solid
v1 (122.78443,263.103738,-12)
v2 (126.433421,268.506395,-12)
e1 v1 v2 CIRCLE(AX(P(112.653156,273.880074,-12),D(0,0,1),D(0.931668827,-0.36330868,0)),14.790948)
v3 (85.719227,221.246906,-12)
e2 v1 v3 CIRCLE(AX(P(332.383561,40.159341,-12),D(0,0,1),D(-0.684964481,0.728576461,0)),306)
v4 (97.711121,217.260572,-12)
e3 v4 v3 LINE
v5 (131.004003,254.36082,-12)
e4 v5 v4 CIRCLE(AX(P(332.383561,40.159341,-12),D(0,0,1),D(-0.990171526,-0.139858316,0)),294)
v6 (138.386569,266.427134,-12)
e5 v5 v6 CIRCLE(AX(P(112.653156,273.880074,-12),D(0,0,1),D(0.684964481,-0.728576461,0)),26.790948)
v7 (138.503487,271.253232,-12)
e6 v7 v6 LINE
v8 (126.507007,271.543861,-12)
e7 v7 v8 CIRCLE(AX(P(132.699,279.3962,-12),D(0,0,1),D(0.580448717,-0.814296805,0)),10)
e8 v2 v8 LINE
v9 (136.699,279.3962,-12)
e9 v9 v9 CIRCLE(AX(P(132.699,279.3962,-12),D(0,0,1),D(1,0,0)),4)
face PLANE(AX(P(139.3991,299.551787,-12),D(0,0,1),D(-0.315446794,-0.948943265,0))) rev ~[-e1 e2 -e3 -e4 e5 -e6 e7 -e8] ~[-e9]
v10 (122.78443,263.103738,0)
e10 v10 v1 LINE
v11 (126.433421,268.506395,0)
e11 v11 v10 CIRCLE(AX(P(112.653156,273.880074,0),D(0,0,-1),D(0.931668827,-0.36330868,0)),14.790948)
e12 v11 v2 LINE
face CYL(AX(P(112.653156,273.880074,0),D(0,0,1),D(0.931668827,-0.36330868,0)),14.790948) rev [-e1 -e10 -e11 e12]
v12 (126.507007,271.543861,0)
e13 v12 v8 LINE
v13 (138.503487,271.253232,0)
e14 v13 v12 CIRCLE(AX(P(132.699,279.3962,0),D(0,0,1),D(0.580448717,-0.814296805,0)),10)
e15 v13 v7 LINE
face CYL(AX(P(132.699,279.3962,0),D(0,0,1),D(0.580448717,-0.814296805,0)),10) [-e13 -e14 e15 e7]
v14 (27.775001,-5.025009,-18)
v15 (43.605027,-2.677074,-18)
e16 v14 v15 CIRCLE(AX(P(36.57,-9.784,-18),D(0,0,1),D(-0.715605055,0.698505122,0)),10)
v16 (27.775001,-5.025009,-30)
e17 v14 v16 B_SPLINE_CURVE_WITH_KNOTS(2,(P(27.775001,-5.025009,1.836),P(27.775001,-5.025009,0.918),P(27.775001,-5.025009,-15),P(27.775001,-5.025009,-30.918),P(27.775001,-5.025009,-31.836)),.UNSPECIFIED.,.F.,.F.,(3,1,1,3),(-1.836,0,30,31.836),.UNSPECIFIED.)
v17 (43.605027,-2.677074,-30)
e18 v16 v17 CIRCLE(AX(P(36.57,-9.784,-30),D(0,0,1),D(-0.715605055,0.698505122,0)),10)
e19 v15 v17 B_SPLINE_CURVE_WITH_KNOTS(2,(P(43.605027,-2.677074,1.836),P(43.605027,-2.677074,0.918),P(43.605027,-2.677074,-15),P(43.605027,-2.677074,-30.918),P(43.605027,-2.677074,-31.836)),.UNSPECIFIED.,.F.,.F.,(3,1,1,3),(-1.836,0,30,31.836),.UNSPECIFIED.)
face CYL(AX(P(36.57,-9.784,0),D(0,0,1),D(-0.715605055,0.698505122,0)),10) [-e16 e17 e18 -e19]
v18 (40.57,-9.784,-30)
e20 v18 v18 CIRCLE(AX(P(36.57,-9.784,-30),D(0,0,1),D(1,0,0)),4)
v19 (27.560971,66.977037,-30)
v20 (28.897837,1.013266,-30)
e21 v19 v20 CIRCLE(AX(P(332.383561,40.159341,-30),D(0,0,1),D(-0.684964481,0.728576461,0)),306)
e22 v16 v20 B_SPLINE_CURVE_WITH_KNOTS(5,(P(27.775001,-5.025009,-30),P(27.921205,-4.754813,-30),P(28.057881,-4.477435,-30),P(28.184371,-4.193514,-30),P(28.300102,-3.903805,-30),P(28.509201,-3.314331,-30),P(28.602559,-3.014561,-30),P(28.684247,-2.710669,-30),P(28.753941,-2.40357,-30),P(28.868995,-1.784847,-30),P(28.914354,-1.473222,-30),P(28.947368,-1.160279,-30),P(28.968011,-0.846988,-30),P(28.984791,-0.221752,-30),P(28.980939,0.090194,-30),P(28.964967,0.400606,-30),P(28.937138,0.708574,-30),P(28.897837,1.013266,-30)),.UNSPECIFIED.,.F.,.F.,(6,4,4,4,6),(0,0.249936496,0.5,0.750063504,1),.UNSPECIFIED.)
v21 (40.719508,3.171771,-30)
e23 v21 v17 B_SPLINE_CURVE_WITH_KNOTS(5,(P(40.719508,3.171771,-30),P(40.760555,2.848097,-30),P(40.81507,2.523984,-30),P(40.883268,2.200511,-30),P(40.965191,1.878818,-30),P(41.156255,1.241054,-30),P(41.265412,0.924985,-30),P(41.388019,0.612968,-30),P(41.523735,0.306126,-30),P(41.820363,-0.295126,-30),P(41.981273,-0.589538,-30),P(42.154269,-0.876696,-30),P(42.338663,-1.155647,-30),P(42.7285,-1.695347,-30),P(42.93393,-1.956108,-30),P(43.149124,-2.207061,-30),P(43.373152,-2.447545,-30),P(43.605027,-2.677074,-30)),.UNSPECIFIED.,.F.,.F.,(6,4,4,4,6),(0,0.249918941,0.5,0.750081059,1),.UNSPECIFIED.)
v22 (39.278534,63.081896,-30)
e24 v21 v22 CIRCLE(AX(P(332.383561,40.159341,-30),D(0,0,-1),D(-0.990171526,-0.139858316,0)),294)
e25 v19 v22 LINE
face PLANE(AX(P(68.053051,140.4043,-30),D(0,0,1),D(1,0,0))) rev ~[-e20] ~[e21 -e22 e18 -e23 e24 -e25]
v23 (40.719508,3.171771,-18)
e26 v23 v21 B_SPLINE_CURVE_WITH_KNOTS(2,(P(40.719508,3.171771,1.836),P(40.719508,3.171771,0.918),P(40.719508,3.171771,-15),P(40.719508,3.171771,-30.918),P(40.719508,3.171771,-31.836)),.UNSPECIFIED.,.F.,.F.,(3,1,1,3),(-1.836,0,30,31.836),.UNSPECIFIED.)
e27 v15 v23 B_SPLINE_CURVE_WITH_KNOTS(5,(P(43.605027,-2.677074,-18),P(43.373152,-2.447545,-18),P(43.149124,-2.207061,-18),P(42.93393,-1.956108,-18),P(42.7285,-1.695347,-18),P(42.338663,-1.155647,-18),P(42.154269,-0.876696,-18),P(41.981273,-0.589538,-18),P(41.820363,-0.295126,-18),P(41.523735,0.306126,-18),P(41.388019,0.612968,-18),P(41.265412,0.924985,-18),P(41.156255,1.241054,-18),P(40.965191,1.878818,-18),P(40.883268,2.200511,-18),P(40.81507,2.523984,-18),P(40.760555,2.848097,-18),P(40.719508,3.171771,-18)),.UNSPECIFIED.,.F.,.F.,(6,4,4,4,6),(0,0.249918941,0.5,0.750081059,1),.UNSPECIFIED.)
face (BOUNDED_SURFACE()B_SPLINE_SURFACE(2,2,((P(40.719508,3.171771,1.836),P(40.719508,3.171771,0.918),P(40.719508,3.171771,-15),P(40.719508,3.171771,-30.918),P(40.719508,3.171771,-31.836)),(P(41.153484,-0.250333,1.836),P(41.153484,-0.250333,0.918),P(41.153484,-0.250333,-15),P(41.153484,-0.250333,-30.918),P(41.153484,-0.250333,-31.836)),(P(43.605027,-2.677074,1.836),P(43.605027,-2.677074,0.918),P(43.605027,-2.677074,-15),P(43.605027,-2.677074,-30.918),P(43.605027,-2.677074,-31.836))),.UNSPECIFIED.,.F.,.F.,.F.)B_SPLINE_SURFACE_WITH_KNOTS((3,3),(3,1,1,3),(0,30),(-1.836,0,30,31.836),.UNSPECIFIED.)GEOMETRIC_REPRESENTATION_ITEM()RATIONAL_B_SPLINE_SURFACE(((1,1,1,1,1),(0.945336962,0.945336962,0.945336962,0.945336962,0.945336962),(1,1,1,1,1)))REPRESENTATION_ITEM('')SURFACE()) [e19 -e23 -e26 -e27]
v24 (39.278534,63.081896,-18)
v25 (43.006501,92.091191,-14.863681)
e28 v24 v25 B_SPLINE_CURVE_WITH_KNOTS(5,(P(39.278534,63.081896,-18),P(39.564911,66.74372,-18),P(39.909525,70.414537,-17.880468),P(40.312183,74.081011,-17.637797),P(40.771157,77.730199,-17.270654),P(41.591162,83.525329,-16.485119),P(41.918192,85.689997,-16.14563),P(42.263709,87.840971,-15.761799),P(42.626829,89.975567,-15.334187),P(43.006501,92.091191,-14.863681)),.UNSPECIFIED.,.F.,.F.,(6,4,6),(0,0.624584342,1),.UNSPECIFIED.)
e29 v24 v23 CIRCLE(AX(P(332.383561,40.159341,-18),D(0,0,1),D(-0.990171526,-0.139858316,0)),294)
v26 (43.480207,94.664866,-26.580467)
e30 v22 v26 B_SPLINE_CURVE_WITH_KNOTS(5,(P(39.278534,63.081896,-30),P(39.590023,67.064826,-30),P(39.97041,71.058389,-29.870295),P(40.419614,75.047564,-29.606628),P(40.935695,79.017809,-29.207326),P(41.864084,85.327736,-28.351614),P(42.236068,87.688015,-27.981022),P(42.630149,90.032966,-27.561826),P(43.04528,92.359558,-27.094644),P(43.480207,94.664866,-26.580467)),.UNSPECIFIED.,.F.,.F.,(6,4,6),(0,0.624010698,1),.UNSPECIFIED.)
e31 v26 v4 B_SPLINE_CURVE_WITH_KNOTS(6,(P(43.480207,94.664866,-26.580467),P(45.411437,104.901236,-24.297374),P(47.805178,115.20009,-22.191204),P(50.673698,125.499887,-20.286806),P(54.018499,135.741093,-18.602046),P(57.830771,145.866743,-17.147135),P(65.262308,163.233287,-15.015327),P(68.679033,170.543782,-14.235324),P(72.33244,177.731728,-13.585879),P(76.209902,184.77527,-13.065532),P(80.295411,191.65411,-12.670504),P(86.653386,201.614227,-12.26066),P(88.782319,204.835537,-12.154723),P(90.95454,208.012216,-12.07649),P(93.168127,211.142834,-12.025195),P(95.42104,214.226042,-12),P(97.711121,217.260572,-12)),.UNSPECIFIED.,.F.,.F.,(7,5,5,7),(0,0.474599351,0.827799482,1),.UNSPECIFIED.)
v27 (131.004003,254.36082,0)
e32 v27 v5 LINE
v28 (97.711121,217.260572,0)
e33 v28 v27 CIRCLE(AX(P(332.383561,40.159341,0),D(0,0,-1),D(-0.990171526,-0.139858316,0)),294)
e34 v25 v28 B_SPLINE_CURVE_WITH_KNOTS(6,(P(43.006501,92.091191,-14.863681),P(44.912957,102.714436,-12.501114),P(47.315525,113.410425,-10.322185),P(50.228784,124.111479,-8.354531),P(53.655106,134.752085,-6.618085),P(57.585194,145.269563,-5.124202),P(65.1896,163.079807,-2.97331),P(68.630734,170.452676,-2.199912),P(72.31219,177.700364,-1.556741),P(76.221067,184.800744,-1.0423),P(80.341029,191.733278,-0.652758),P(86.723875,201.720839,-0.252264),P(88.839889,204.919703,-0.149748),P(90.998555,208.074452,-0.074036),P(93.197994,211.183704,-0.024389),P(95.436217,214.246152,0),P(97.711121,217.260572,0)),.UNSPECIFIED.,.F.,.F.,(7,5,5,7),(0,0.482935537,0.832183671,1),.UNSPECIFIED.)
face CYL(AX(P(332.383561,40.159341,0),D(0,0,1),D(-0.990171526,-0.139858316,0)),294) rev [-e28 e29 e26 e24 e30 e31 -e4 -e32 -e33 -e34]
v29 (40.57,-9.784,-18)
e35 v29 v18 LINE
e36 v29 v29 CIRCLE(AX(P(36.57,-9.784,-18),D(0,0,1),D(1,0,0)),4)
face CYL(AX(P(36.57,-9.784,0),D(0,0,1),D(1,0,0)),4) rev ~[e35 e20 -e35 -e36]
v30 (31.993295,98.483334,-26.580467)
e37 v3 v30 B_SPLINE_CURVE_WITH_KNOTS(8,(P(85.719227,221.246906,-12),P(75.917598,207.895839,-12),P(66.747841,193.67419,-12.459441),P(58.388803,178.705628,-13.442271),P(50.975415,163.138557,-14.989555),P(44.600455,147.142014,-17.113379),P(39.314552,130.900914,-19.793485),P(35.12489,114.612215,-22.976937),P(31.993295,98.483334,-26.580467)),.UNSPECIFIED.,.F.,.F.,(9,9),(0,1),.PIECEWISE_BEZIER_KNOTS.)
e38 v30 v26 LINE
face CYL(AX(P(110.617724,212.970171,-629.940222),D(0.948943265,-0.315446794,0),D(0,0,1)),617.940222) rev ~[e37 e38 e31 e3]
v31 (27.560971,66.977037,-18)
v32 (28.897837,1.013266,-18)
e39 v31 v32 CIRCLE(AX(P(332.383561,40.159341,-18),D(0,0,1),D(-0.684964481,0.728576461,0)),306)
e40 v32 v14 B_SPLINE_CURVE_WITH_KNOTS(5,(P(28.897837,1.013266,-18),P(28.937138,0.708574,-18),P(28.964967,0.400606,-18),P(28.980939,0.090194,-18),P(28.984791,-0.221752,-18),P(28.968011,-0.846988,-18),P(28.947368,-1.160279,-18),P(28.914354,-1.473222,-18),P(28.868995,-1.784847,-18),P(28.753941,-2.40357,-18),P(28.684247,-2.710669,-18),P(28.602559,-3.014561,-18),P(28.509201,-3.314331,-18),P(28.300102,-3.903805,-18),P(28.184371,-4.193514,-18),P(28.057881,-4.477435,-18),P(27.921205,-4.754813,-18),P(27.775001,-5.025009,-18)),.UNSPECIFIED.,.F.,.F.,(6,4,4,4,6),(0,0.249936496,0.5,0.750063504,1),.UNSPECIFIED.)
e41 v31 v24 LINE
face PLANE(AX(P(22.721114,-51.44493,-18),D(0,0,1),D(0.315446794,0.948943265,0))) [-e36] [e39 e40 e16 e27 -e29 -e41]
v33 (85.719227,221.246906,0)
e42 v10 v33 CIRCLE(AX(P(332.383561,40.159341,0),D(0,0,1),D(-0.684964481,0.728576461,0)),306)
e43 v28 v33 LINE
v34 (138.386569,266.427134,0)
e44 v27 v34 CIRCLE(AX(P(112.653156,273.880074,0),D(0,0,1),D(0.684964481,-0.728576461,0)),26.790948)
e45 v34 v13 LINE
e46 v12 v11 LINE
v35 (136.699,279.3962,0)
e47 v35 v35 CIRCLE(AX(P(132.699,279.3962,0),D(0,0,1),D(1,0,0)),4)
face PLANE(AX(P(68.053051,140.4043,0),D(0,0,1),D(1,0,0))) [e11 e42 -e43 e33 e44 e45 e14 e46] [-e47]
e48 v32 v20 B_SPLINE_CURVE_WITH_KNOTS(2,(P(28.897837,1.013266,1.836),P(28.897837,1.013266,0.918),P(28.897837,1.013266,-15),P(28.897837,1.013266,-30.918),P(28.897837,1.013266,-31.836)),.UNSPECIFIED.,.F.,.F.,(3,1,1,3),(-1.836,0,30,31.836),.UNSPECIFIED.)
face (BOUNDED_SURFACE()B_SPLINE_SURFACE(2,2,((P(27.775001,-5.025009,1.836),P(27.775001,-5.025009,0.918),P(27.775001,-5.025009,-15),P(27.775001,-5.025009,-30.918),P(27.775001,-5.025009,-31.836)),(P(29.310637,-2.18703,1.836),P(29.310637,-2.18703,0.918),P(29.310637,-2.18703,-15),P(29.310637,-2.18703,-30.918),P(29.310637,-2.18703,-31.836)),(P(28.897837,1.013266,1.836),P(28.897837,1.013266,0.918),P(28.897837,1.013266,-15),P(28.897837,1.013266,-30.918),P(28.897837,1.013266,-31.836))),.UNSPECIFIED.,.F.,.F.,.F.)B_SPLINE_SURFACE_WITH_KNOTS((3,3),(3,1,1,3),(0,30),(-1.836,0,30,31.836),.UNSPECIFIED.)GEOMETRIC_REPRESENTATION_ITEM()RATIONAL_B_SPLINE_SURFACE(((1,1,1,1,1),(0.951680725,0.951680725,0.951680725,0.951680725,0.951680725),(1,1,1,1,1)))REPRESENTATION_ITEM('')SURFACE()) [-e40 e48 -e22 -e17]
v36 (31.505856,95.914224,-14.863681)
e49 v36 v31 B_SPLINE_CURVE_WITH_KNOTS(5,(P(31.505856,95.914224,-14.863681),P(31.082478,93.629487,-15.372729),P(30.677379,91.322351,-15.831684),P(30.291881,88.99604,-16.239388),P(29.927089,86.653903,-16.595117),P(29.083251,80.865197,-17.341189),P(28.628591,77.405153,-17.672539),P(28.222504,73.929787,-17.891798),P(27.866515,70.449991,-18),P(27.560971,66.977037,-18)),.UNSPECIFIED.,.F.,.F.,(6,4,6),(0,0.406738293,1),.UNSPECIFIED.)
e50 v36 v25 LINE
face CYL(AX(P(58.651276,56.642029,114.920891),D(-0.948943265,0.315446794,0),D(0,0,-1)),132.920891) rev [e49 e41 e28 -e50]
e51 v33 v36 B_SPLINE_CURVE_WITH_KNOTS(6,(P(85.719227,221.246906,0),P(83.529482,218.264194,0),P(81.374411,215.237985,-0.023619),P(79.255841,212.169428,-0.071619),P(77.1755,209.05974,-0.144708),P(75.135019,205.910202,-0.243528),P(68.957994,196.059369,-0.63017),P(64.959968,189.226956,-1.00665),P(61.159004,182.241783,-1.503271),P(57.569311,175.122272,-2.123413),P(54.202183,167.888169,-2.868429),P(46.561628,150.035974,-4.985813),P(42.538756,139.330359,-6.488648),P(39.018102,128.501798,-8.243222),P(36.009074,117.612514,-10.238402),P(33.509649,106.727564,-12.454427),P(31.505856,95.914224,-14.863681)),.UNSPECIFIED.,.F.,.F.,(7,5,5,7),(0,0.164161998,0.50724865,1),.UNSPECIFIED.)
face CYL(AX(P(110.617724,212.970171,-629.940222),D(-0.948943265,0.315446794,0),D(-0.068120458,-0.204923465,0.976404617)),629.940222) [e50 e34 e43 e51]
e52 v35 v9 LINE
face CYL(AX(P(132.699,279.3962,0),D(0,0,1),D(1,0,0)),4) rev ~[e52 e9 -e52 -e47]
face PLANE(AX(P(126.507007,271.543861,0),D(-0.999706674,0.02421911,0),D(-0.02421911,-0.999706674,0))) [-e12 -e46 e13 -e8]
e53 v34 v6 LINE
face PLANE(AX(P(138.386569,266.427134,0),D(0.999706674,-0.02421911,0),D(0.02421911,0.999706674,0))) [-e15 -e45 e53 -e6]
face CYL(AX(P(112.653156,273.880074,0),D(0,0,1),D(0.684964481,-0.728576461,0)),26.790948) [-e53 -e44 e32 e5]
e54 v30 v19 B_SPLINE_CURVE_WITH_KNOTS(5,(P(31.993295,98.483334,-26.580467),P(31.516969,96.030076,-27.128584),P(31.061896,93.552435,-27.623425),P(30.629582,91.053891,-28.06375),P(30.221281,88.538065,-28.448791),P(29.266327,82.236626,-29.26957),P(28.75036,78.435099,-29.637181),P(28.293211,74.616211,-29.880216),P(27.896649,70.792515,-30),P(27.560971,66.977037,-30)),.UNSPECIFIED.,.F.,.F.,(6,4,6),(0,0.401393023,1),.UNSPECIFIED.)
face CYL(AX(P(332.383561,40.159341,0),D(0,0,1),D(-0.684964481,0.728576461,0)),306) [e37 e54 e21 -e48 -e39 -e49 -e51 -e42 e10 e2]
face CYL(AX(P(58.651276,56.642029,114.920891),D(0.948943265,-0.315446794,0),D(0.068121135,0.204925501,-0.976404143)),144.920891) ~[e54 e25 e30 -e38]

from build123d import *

# Parameters (mm, degrees)
SKETCH1_R           = 4
BOSS_EXTRUDE1_DEPTH = 30
FILLET1_R           = 10
CUT_EXTRUDE1_DEPTH  = 50


with BuildPart() as part:
    # Sketch1 → Boss-Extrude1 (new body)
    with BuildSketch(Plane.XY):
        with BuildLine():
            Line((138.503487168, 271.253231947), (138.386569071, 266.427133764))
            ThreePointArc((138.386569071, 266.427133764), (135.506043856, 259.89792897), (131.004003349, 254.360820334))
            ThreePointArc((131.004003349, 254.360820334), (55.014402731, 137.639339628), (41.273132032, -0.959004301))
            ThreePointArc((41.273132032, -0.959004301), (38.103150753, -19.665773564), (29.413949453, -2.798948778))
            ThreePointArc((29.413949453, -2.798948778), (43.666158034, 141.541101292), (122.784429578, 263.103737869))
            ThreePointArc((122.784429578, 263.103737869), (124.910300495, 265.601515317), (126.433420754, 268.506394661))
            Line((126.433420754, 268.506394661), (126.507007076, 271.543861264))
            ThreePointArc((126.507007076, 271.543861264), (132.941191098, 289.393266743), (138.503487168, 271.253231947))
        make_face()
        with Locations((36.57, -9.784)):
            Circle(SKETCH1_R, mode=Mode.SUBTRACT)
        with Locations((132.699, 279.3962)):
            Circle(SKETCH1_R, mode=Mode.SUBTRACT)
    extrude(amount=-BOSS_EXTRUDE1_DEPTH)

    # Fillet1
    fillet1_edges = [part.edges().sort_by_distance(p)[0] for p in [
        (29.413949453, -2.798948778, -15),
        (41.273132032, -0.959004301, -15),
    ]]
    fillet(fillet1_edges, radius=FILLET1_R)

    # Sketch2 → Cut-Extrude1 (cut, symmetric)
    with BuildSketch(Plane(origin=(35.859794138, -11.920477788, 0), x_dir=(0, 0, -1), z_dir=(0.9489432648360645, -0.31544679443968165, 0))):
        with BuildLine():
            Line((18, -41.651017654), (18, 72.25142837))
            ThreePointArc((18, 72.25142837), (17.213593845, 86.688920515), (14.863680684, 100.955578225))
            ThreePointArc((14.863680684, 100.955578225), (3.726945122, 168.568287043), (0, 236.990616386))
            Line((0, 236.990616386), (-79.914214629, -10.518807221))
            Line((-79.914214629, -10.518807221), (18, -41.651017654))
        make_face()
        with BuildLine():
            ThreePointArc((12, 236.990616386), (15.655931666, 169.871851405), (26.580467348, 103.547278514))
            ThreePointArc((26.580467348, 103.547278514), (29.14258039, 87.992484876), (30, 72.25142837))
            Line((30, 72.25142837), (155.717662302, 285.460245478))
            Line((155.717662302, 285.460245478), (12, 328.230650316))
            Line((12, 328.230650316), (12, 236.990616386))
        make_face()
    extrude(amount=CUT_EXTRUDE1_DEPTH, both=True, mode=Mode.SUBTRACT)


solid = part.part
